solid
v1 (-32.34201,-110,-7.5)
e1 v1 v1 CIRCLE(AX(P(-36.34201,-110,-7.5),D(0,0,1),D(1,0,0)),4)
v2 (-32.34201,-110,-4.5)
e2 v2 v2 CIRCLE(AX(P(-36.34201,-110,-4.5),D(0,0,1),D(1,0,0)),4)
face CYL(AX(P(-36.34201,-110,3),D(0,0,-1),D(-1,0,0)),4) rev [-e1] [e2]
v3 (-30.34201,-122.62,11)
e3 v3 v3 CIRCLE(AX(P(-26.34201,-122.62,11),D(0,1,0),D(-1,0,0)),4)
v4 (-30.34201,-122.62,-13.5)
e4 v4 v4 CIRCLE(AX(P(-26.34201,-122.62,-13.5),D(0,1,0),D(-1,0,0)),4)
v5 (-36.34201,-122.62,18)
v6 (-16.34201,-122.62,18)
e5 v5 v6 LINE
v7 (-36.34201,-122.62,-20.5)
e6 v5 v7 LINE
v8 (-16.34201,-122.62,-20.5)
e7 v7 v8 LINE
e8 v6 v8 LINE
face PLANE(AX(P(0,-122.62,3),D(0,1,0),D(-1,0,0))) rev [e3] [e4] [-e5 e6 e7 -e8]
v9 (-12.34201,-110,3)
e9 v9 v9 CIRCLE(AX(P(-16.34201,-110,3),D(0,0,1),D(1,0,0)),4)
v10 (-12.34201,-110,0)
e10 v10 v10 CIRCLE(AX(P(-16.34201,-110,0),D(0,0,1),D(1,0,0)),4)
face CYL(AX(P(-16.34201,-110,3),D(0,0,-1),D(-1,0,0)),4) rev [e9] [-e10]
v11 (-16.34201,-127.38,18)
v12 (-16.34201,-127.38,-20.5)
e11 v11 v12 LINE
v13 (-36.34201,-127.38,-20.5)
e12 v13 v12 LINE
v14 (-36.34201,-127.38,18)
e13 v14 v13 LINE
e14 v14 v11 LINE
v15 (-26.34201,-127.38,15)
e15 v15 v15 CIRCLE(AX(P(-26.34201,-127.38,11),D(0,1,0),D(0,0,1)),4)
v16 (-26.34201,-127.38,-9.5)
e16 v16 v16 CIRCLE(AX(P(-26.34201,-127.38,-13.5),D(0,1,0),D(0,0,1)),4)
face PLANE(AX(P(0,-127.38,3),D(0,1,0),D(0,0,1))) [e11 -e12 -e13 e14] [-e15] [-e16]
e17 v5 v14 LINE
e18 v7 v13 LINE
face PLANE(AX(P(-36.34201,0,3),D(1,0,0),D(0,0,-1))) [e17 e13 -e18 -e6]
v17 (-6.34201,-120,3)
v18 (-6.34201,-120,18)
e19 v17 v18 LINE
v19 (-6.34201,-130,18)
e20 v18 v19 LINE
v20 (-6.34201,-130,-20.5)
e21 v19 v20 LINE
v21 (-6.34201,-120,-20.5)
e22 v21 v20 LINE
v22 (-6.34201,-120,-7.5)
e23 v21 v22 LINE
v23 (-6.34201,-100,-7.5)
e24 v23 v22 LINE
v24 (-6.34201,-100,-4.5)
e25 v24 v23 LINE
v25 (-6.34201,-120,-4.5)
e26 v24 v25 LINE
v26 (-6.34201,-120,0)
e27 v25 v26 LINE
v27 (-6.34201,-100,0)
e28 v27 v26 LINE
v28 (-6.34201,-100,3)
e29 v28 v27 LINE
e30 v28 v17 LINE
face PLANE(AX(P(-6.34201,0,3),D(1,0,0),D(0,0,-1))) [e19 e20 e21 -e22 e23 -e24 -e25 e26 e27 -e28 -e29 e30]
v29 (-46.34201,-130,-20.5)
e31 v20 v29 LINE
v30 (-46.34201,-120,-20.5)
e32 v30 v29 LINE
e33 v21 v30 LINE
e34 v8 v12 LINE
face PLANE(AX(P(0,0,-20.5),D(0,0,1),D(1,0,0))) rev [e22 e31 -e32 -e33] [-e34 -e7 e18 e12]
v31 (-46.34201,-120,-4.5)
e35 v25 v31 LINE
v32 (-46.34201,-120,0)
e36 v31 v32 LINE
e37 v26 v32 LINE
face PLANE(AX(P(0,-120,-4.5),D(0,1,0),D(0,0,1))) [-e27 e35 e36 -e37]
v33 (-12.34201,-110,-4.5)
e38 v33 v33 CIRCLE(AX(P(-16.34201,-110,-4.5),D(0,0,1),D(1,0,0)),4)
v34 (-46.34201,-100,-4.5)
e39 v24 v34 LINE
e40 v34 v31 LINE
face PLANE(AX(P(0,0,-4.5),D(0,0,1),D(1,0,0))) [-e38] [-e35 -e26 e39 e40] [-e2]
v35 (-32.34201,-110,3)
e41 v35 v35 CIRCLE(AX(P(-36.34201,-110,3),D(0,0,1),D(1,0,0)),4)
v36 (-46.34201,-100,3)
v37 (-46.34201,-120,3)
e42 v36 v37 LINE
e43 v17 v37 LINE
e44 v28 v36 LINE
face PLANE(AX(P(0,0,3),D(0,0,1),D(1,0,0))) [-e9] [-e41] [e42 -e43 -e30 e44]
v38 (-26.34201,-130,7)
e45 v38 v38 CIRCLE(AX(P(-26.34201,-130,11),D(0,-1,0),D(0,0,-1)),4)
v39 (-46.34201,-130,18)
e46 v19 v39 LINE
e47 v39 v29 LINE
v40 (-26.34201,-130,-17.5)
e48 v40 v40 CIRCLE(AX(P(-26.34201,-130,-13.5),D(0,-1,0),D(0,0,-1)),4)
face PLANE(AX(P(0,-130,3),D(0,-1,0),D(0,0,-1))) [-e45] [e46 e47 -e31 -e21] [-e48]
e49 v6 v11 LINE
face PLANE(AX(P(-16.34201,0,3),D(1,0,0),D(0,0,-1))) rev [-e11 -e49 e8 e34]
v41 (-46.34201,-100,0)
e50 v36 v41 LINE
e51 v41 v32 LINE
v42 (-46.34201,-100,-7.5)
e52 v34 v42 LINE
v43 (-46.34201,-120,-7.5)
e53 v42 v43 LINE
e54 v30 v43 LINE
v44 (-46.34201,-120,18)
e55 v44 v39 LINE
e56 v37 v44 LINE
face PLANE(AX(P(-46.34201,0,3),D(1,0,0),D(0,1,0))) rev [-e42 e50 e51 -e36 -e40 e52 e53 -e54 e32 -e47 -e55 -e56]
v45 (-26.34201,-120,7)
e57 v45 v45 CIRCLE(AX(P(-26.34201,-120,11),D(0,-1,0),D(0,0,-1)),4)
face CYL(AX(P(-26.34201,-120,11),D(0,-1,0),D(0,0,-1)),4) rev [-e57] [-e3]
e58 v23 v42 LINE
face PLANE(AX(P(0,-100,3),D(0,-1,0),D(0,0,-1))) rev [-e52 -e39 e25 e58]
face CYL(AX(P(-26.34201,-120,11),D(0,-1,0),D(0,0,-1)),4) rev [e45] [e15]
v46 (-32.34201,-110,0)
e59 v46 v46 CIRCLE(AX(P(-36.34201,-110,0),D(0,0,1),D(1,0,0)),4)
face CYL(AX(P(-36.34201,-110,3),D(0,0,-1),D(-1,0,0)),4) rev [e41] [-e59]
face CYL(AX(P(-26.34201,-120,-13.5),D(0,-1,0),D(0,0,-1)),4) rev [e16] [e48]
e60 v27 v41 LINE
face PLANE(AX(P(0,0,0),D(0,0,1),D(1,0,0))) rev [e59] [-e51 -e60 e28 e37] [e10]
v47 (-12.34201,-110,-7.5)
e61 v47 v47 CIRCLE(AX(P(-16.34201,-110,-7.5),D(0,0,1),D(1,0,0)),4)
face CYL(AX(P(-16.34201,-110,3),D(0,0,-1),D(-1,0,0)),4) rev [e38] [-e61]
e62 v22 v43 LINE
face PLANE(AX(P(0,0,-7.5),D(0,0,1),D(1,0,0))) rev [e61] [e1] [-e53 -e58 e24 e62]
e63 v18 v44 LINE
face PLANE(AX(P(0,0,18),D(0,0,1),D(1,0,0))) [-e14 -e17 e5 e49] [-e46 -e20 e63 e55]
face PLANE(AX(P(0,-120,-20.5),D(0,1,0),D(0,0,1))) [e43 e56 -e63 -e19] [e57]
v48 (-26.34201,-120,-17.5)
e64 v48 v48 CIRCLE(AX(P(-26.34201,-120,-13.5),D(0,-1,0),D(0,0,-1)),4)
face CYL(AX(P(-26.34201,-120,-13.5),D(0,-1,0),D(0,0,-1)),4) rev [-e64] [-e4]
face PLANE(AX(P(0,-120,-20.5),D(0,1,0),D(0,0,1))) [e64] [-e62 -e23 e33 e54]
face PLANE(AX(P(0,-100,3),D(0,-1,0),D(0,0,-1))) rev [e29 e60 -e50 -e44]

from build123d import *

# Parameters (mm, degrees)
SKETCH1_W                = 40
SKETCH1_H                = 30
SKETCH1_R                = 4
SKETCH1_W_2              = 20
SKETCH1_H_2              = 4.76
BOSS_EXTRUDE1_DEPTH      = 3
BOSS_EXTRUDE3_START      = -7.5
SKETCH1_5_W              = 40
SKETCH1_5_H              = 30
SKETCH1_5_R              = 4
SKETCH1_5_W_2            = 20
SKETCH1_5_H_2            = 4.76
BOSS_EXTRUDE3_DEPTH      = 7.5
CUT_EXTRUDE1_START       = -4.5
SKETCH1_6_W              = 40
SKETCH1_6_H              = 20
SKETCH1_6_R              = 4
CUT_EXTRUDE1_DEPTH       = 4.5
BOSS_EXTRUDE4_DEPTH      = 18
BOSS_EXTRUDE4_DEPTH_BACK = 20.5
SKETCH1_7_W              = 40
SKETCH1_7_H              = 10
SKETCH1_7_W_2            = 20
SKETCH1_7_H_2            = 4.76
SKETCH5_R                = 4
CUT_EXTRUDE2_DEPTH       = 10


with BuildPart() as part:
    # Sketch1 → Boss-Extrude1 (new body)
    with BuildSketch(Plane.XY):
        with Locations((-26.342010442, -115)):
            Rectangle(SKETCH1_W, SKETCH1_H)
        with Locations((-36.342010442, -110)):
            Circle(SKETCH1_R, mode=Mode.SUBTRACT)
        with Locations((-16.342010442, -110)):
            Circle(SKETCH1_R, mode=Mode.SUBTRACT)
        with Locations((-26.342010442, -125)):
            Rectangle(SKETCH1_W_2, SKETCH1_H_2, mode=Mode.SUBTRACT)
    extrude(amount=BOSS_EXTRUDE1_DEPTH)

    # Sketch1<5> → Boss-Extrude3 (add)
    with BuildSketch(Plane.XY.offset(BOSS_EXTRUDE3_START)):
        with Locations((-26.342010442, -115)):
            Rectangle(SKETCH1_5_W, SKETCH1_5_H)
        with Locations((-36.342010442, -110)):
            Circle(SKETCH1_5_R, mode=Mode.SUBTRACT)
        with Locations((-16.342010442, -110)):
            Circle(SKETCH1_5_R, mode=Mode.SUBTRACT)
        with Locations((-26.342010442, -125)):
            Rectangle(SKETCH1_5_W_2, SKETCH1_5_H_2, mode=Mode.SUBTRACT)
    extrude(amount=BOSS_EXTRUDE3_DEPTH)

    # Sketch1<6> → Cut-Extrude1 (cut)
    with BuildSketch(Plane.XY.offset(CUT_EXTRUDE1_START)):
        with Locations((-26.342010442, -110)):
            Rectangle(SKETCH1_6_W, SKETCH1_6_H)
        with Locations((-36.342010442, -110)):
            Circle(SKETCH1_6_R, mode=Mode.SUBTRACT)
        with Locations((-16.342010442, -110)):
            Circle(SKETCH1_6_R, mode=Mode.SUBTRACT)
    extrude(amount=CUT_EXTRUDE1_DEPTH, mode=Mode.SUBTRACT)

    # Sketch1<7> → Boss-Extrude4 (add, two sides: drawn at the far end of the back side and taken through both)
    with BuildSketch(Plane.XY.offset(-BOSS_EXTRUDE4_DEPTH_BACK)):
        with Locations((-26.342010442, -125)):
            Rectangle(SKETCH1_7_W, SKETCH1_7_H)
        with Locations((-26.342010442, -125)):
            Rectangle(SKETCH1_7_W_2, SKETCH1_7_H_2, mode=Mode.SUBTRACT)
    extrude(amount=BOSS_EXTRUDE4_DEPTH + BOSS_EXTRUDE4_DEPTH_BACK)

    # Sketch5 → Cut-Extrude2 (cut)
    with BuildSketch(Plane.XZ.offset(130)):
        with Locations((-26.342010442, 11)):
            Circle(SKETCH5_R)
        with Locations((-26.342010442, -13.5)):
            Circle(SKETCH5_R)
    extrude(amount=-CUT_EXTRUDE2_DEPTH, mode=Mode.SUBTRACT)


solid = part.part
